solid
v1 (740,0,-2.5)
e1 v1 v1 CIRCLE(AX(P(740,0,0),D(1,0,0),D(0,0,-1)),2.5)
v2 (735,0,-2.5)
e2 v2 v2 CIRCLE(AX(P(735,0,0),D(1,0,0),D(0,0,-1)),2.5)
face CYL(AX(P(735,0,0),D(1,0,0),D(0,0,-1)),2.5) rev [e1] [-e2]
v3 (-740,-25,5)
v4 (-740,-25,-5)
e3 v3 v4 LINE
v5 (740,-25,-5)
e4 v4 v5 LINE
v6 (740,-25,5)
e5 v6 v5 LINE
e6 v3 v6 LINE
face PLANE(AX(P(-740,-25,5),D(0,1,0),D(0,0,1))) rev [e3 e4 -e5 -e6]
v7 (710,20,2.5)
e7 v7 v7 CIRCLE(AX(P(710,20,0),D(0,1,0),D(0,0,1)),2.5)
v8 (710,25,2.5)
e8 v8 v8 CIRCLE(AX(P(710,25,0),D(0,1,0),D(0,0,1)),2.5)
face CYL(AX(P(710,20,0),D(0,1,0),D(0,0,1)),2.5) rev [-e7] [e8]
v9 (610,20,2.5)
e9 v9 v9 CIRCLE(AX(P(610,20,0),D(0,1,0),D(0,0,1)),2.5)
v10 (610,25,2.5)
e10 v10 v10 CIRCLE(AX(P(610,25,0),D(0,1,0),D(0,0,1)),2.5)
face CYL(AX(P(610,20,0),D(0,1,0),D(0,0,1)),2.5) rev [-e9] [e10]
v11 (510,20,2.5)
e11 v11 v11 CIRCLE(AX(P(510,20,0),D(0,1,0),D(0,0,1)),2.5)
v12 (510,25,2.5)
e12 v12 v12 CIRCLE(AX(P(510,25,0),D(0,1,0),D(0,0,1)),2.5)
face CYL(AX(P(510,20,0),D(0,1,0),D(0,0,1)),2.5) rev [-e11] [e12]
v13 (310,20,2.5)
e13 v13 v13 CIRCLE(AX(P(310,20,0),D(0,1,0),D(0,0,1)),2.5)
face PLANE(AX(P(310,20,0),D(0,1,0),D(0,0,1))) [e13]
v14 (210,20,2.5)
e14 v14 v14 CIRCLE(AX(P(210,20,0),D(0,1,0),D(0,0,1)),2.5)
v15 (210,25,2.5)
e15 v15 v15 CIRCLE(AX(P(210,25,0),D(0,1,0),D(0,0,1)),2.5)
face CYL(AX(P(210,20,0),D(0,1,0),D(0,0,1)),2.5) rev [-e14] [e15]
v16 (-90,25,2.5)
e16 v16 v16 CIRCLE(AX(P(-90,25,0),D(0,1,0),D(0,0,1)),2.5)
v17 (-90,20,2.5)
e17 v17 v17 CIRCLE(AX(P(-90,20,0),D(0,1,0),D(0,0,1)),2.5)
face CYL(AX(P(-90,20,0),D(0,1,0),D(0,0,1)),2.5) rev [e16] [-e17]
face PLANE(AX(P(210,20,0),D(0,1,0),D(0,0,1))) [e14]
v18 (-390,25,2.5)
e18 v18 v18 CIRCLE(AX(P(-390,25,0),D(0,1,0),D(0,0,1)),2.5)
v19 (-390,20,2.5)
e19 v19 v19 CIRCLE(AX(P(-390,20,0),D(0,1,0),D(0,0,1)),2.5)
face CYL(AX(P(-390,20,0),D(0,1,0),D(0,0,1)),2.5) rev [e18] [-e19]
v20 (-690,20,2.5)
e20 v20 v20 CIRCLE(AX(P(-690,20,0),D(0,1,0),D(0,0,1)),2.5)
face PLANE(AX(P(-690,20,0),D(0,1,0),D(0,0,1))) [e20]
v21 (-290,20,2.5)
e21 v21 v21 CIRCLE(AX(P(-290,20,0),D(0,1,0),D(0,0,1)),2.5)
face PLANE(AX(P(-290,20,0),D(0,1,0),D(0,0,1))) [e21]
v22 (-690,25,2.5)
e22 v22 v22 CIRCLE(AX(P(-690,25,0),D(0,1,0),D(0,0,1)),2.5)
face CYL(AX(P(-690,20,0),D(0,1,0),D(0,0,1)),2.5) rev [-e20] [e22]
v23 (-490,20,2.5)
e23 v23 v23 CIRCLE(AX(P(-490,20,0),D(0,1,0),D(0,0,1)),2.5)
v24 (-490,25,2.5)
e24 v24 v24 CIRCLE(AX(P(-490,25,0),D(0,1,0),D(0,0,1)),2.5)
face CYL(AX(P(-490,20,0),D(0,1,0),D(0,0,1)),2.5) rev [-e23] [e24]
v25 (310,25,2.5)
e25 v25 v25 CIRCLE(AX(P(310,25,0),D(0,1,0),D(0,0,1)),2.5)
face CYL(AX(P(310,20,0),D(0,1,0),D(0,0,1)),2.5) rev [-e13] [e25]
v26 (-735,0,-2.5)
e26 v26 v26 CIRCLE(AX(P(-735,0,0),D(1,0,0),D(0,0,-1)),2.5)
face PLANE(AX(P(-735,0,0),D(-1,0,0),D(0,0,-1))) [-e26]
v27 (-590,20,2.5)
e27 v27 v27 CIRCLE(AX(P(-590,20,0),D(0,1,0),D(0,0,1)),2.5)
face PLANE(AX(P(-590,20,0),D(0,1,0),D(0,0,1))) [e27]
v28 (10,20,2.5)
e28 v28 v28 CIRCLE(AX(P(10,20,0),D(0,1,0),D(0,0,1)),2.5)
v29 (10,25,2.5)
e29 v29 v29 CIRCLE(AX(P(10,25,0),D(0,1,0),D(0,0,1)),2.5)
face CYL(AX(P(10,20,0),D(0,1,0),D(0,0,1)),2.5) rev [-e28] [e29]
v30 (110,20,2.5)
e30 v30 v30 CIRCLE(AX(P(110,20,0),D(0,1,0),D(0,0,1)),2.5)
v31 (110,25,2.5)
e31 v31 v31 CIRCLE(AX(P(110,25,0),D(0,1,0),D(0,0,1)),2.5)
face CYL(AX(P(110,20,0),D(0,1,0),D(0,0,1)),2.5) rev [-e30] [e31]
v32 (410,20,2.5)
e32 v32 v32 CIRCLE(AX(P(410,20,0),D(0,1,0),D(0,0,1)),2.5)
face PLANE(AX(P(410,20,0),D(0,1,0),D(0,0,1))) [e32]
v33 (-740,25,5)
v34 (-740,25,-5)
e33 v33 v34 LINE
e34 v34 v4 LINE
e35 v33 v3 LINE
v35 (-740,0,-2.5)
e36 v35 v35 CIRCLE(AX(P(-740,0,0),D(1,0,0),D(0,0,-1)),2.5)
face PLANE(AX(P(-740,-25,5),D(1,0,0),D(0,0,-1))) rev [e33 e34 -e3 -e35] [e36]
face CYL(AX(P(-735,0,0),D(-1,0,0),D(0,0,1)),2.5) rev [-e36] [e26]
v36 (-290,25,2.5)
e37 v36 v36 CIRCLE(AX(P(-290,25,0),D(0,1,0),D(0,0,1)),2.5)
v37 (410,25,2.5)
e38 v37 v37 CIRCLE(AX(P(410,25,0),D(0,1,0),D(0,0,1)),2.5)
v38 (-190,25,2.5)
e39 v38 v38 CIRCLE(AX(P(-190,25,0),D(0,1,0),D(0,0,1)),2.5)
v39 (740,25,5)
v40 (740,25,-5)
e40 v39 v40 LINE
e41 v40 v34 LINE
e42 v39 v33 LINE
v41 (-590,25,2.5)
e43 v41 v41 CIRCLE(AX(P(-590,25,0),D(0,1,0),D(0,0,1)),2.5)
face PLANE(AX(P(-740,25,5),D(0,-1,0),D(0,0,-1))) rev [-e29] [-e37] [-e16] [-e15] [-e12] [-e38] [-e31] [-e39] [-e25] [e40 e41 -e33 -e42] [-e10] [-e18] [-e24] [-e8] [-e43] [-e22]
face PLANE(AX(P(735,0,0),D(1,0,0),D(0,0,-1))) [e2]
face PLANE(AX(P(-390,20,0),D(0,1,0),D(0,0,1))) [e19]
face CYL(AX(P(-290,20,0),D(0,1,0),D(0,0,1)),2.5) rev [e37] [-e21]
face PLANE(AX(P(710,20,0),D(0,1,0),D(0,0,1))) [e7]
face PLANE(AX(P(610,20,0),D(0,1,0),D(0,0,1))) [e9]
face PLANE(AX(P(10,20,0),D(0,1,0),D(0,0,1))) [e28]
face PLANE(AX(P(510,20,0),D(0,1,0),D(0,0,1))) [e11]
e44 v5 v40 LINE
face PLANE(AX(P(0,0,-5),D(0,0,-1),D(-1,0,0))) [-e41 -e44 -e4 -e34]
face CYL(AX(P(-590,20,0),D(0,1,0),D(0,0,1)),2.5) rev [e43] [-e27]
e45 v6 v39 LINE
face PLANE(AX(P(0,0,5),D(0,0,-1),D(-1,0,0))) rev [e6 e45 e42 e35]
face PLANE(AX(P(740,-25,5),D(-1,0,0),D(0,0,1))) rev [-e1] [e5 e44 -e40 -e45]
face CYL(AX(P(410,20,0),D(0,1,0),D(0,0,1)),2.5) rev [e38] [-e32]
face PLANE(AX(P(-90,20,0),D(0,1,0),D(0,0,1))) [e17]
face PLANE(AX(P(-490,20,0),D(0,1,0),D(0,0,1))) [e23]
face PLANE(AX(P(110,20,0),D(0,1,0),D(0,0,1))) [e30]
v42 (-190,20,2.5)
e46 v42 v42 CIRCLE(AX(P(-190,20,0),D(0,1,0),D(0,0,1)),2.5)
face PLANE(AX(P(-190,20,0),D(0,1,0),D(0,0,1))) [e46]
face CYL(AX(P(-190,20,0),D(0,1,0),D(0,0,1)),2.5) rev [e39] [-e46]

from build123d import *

# Parameters (mm, degrees)
CROQUIS1_W              = 1480
CROQUIS1_H              = 50
SALIENTE_EXTRUIR1_DEPTH = 5
CROQUIS2_R              = 2.5
CORTAR_EXTRUIR1_DEPTH   = 5
CROQUIS3_R              = 2.5
CORTAR_EXTRUIR2_DEPTH   = 5


with BuildPart() as part:
    # Croquis1 → Saliente-Extruir1 (new, symmetric)
    with BuildSketch(Plane.XY):
        Rectangle(CROQUIS1_W, CROQUIS1_H)
    extrude(amount=SALIENTE_EXTRUIR1_DEPTH, both=True)

    # Croquis2 → Cortar-Extruir1 (cut)
    with BuildSketch(Plane(origin=(0, 25, 0), x_dir=(1, 0, 0), z_dir=(0, 1, 0))):
        with Locations(Location((-690, 0, 0), (0, 0, 270))):
            Circle(CROQUIS2_R)
        with Locations(Location((-590, 0, 0), (0, 0, 270))):
            Circle(CROQUIS2_R)
        with Locations(Location((-490, 0, 0), (0, 0, 270))):
            Circle(CROQUIS2_R)
        with Locations(Location((-390, 0, 0), (0, 0, 270))):
            Circle(CROQUIS2_R)
        with Locations(Location((-290, 0, 0), (0, 0, 270))):
            Circle(CROQUIS2_R)
        with Locations(Location((-190, 0, 0), (0, 0, 270))):
            Circle(CROQUIS2_R)
        with Locations(Location((-90, 0, 0), (0, 0, 270))):
            Circle(CROQUIS2_R)
        with Locations(Location((10, 0, 0), (0, 0, 270))):
            Circle(CROQUIS2_R)
        with Locations(Location((110, 0, 0), (0, 0, 270))):
            Circle(CROQUIS2_R)
        with Locations(Location((210, 0, 0), (0, 0, 270))):
            Circle(CROQUIS2_R)
        with Locations(Location((310, 0, 0), (0, 0, 270))):
            Circle(CROQUIS2_R)
        with Locations(Location((410, 0, 0), (0, 0, 270))):
            Circle(CROQUIS2_R)
        with Locations(Location((510, 0, 0), (0, 0, 270))):
            Circle(CROQUIS2_R)
        with Locations(Location((610, 0, 0), (0, 0, 270))):
            Circle(CROQUIS2_R)
        with Locations(Location((710, 0, 0), (0, 0, 270))):
            Circle(CROQUIS2_R)
    extrude(amount=-CORTAR_EXTRUIR1_DEPTH, mode=Mode.SUBTRACT)

    # Croquis3 → Cortar-Extruir2 (cut)
    with BuildSketch(Plane(origin=(740, 0, 0), x_dir=(0, 0, -1), z_dir=(1, 0, 0))):
        Circle(CROQUIS3_R)
    cortar_extruir2 = extrude(amount=-CORTAR_EXTRUIR2_DEPTH, mode=Mode.SUBTRACT)

    # Simetría1: Cortar-Extruir2 across plane
    add(cortar_extruir2.mirror(Plane(origin=(0, 0, 0), x_dir=(0, 0, 1), z_dir=(1, 0, 0))), mode=Mode.SUBTRACT)


solid = part.part
